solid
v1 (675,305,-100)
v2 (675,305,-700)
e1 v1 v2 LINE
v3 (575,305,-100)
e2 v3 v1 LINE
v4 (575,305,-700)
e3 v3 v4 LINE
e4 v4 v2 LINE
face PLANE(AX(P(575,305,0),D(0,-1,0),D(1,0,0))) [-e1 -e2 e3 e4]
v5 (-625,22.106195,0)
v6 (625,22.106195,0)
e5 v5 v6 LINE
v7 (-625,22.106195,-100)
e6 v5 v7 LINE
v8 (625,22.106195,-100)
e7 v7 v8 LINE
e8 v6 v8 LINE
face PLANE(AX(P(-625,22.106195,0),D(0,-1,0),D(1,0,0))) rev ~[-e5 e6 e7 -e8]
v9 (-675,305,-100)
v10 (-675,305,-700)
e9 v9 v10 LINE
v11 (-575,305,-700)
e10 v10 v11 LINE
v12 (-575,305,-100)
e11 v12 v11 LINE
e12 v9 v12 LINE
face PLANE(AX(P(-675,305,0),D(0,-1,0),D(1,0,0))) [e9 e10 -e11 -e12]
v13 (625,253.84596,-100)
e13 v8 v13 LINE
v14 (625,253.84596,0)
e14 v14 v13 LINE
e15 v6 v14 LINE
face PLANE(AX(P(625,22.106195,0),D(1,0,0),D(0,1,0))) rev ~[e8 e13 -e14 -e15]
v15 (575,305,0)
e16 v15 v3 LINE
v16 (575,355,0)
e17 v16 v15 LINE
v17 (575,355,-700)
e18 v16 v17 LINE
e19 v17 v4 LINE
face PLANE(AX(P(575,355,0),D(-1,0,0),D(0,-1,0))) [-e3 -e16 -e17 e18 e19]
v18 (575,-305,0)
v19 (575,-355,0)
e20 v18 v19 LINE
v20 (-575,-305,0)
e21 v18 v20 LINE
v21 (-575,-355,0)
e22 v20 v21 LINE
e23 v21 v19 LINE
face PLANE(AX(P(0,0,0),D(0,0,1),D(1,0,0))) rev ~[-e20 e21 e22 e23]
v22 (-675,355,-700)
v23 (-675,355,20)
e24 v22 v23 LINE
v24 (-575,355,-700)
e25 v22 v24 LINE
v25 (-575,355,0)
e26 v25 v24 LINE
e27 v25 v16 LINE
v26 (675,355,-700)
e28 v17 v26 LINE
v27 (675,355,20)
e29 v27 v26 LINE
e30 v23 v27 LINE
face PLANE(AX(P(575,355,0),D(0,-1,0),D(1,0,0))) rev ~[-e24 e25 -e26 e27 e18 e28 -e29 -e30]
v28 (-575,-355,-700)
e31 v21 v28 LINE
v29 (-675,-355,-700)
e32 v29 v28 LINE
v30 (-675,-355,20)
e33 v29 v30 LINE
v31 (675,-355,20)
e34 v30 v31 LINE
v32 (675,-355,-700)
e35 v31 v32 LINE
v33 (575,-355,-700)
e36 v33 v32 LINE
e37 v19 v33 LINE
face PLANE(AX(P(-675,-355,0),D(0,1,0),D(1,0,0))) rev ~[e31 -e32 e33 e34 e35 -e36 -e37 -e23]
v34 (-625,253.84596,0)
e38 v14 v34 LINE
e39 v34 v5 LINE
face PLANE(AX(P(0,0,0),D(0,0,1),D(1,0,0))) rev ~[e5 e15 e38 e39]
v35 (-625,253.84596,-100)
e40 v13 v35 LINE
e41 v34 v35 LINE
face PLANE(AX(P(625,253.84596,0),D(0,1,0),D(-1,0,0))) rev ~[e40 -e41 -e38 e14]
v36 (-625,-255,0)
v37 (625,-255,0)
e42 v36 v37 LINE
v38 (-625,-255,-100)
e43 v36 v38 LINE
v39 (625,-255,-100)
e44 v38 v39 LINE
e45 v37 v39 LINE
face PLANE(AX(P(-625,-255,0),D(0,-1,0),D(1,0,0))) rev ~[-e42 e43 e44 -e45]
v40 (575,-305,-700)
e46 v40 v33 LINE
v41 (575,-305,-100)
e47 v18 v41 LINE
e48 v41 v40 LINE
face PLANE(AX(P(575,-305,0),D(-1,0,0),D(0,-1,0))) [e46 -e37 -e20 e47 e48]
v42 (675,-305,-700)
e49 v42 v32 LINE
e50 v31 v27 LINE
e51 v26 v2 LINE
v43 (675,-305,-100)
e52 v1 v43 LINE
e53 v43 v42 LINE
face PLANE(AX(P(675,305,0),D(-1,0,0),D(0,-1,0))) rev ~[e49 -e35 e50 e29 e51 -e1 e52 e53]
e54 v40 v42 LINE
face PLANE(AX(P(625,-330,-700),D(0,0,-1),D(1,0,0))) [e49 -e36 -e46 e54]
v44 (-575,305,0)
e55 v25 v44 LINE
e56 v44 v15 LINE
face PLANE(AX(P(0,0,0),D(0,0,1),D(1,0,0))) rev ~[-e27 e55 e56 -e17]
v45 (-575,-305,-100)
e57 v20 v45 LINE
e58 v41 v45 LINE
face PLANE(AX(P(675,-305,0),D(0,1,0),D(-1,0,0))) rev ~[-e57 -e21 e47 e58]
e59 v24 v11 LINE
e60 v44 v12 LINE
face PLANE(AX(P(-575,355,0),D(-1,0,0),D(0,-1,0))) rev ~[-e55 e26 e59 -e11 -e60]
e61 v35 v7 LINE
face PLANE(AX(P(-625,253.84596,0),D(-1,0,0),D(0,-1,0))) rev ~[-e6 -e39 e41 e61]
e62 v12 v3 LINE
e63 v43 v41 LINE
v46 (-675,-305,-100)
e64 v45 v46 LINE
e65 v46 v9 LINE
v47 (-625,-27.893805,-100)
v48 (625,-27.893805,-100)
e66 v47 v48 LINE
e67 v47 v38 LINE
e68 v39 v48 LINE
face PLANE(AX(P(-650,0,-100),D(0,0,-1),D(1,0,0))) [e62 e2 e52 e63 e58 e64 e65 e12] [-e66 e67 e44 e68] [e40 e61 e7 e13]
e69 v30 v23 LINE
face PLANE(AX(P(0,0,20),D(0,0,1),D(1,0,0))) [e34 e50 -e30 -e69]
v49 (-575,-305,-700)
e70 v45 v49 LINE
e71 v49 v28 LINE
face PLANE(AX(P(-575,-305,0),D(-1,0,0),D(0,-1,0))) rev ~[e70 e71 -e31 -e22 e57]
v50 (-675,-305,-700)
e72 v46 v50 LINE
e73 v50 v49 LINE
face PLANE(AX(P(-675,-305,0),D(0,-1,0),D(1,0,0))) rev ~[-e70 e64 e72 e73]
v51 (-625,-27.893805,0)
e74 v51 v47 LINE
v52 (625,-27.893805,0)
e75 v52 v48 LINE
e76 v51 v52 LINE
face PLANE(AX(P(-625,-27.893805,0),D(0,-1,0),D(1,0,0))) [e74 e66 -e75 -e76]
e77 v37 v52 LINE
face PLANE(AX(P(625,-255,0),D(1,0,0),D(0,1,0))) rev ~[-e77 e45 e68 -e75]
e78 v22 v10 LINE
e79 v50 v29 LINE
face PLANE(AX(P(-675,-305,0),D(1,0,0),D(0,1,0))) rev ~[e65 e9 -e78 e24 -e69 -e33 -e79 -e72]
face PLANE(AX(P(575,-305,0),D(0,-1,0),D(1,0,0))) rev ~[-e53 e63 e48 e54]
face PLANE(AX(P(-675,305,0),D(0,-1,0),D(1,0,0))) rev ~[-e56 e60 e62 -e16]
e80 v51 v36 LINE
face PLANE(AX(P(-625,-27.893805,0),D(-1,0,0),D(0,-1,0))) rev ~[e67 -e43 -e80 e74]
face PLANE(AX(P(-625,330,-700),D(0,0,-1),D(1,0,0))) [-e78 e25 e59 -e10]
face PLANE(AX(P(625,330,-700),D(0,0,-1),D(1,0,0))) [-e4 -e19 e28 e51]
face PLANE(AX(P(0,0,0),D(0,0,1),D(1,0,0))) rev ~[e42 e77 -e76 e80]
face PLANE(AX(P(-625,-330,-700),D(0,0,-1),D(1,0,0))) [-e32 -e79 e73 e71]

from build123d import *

# Parameters (mm, degrees)
F0_W     = 1350
F0_H     = 710
F1_DEPTH = 20
F2_W     = 100
F2_H     = 50
F3_DEPTH = 700
F4_W     = 1250
F4_H     = 50
F5_DEPTH = 100


with BuildPart() as f1:
    # F0 (on Top) → F1 (new body)
    with BuildSketch(Plane.XY):
        Rectangle(F0_W, F0_H)
    extrude(amount=F1_DEPTH)

    # F2 (on face) → F3 (join)
    with BuildSketch(Plane(origin=(0, 0, 0), x_dir=(1, 0, 0), z_dir=(0, 0, -1))):
        with Locations((625, -330)):
            Rectangle(F2_W, F2_H)
        with Locations((-625, 330)):
            Rectangle(F2_W, F2_H)
        with Locations((625, 330)):
            Rectangle(F2_W, F2_H)
        with Locations((-625, -330)):
            Rectangle(F2_W, F2_H)
    extrude(amount=F3_DEPTH)

    # F4 (on face) → F5 (join)
    with BuildSketch(Plane(origin=(0, 0, 0), x_dir=(1, 0, 0), z_dir=(0, 0, -1))):
        Polygon((-625, 305), (-675, 305), (-675, -305), (-625, -305), (-625, -253.84596), (-625, -22.106195), (-625, 27.893805), (-625, 255), align=None)
        Polygon((-575, 305), (-625, 305), (-625, 255), (625, 255), (625, 305), (575, 305), align=None)
        Polygon((-625, -253.84596), (-625, -305), (-575, -305), (575, -305), (625, -305), (625, -253.84596), align=None)
        Polygon((625, 305), (625, 255), (625, 27.893805), (625, -22.106195), (625, -253.84596), (625, -305), (675, -305), (675, 305), align=None)
        with Locations((0, 2.893805)):
            Rectangle(F4_W, F4_H)
    extrude(amount=F5_DEPTH)


solid = f1.part
